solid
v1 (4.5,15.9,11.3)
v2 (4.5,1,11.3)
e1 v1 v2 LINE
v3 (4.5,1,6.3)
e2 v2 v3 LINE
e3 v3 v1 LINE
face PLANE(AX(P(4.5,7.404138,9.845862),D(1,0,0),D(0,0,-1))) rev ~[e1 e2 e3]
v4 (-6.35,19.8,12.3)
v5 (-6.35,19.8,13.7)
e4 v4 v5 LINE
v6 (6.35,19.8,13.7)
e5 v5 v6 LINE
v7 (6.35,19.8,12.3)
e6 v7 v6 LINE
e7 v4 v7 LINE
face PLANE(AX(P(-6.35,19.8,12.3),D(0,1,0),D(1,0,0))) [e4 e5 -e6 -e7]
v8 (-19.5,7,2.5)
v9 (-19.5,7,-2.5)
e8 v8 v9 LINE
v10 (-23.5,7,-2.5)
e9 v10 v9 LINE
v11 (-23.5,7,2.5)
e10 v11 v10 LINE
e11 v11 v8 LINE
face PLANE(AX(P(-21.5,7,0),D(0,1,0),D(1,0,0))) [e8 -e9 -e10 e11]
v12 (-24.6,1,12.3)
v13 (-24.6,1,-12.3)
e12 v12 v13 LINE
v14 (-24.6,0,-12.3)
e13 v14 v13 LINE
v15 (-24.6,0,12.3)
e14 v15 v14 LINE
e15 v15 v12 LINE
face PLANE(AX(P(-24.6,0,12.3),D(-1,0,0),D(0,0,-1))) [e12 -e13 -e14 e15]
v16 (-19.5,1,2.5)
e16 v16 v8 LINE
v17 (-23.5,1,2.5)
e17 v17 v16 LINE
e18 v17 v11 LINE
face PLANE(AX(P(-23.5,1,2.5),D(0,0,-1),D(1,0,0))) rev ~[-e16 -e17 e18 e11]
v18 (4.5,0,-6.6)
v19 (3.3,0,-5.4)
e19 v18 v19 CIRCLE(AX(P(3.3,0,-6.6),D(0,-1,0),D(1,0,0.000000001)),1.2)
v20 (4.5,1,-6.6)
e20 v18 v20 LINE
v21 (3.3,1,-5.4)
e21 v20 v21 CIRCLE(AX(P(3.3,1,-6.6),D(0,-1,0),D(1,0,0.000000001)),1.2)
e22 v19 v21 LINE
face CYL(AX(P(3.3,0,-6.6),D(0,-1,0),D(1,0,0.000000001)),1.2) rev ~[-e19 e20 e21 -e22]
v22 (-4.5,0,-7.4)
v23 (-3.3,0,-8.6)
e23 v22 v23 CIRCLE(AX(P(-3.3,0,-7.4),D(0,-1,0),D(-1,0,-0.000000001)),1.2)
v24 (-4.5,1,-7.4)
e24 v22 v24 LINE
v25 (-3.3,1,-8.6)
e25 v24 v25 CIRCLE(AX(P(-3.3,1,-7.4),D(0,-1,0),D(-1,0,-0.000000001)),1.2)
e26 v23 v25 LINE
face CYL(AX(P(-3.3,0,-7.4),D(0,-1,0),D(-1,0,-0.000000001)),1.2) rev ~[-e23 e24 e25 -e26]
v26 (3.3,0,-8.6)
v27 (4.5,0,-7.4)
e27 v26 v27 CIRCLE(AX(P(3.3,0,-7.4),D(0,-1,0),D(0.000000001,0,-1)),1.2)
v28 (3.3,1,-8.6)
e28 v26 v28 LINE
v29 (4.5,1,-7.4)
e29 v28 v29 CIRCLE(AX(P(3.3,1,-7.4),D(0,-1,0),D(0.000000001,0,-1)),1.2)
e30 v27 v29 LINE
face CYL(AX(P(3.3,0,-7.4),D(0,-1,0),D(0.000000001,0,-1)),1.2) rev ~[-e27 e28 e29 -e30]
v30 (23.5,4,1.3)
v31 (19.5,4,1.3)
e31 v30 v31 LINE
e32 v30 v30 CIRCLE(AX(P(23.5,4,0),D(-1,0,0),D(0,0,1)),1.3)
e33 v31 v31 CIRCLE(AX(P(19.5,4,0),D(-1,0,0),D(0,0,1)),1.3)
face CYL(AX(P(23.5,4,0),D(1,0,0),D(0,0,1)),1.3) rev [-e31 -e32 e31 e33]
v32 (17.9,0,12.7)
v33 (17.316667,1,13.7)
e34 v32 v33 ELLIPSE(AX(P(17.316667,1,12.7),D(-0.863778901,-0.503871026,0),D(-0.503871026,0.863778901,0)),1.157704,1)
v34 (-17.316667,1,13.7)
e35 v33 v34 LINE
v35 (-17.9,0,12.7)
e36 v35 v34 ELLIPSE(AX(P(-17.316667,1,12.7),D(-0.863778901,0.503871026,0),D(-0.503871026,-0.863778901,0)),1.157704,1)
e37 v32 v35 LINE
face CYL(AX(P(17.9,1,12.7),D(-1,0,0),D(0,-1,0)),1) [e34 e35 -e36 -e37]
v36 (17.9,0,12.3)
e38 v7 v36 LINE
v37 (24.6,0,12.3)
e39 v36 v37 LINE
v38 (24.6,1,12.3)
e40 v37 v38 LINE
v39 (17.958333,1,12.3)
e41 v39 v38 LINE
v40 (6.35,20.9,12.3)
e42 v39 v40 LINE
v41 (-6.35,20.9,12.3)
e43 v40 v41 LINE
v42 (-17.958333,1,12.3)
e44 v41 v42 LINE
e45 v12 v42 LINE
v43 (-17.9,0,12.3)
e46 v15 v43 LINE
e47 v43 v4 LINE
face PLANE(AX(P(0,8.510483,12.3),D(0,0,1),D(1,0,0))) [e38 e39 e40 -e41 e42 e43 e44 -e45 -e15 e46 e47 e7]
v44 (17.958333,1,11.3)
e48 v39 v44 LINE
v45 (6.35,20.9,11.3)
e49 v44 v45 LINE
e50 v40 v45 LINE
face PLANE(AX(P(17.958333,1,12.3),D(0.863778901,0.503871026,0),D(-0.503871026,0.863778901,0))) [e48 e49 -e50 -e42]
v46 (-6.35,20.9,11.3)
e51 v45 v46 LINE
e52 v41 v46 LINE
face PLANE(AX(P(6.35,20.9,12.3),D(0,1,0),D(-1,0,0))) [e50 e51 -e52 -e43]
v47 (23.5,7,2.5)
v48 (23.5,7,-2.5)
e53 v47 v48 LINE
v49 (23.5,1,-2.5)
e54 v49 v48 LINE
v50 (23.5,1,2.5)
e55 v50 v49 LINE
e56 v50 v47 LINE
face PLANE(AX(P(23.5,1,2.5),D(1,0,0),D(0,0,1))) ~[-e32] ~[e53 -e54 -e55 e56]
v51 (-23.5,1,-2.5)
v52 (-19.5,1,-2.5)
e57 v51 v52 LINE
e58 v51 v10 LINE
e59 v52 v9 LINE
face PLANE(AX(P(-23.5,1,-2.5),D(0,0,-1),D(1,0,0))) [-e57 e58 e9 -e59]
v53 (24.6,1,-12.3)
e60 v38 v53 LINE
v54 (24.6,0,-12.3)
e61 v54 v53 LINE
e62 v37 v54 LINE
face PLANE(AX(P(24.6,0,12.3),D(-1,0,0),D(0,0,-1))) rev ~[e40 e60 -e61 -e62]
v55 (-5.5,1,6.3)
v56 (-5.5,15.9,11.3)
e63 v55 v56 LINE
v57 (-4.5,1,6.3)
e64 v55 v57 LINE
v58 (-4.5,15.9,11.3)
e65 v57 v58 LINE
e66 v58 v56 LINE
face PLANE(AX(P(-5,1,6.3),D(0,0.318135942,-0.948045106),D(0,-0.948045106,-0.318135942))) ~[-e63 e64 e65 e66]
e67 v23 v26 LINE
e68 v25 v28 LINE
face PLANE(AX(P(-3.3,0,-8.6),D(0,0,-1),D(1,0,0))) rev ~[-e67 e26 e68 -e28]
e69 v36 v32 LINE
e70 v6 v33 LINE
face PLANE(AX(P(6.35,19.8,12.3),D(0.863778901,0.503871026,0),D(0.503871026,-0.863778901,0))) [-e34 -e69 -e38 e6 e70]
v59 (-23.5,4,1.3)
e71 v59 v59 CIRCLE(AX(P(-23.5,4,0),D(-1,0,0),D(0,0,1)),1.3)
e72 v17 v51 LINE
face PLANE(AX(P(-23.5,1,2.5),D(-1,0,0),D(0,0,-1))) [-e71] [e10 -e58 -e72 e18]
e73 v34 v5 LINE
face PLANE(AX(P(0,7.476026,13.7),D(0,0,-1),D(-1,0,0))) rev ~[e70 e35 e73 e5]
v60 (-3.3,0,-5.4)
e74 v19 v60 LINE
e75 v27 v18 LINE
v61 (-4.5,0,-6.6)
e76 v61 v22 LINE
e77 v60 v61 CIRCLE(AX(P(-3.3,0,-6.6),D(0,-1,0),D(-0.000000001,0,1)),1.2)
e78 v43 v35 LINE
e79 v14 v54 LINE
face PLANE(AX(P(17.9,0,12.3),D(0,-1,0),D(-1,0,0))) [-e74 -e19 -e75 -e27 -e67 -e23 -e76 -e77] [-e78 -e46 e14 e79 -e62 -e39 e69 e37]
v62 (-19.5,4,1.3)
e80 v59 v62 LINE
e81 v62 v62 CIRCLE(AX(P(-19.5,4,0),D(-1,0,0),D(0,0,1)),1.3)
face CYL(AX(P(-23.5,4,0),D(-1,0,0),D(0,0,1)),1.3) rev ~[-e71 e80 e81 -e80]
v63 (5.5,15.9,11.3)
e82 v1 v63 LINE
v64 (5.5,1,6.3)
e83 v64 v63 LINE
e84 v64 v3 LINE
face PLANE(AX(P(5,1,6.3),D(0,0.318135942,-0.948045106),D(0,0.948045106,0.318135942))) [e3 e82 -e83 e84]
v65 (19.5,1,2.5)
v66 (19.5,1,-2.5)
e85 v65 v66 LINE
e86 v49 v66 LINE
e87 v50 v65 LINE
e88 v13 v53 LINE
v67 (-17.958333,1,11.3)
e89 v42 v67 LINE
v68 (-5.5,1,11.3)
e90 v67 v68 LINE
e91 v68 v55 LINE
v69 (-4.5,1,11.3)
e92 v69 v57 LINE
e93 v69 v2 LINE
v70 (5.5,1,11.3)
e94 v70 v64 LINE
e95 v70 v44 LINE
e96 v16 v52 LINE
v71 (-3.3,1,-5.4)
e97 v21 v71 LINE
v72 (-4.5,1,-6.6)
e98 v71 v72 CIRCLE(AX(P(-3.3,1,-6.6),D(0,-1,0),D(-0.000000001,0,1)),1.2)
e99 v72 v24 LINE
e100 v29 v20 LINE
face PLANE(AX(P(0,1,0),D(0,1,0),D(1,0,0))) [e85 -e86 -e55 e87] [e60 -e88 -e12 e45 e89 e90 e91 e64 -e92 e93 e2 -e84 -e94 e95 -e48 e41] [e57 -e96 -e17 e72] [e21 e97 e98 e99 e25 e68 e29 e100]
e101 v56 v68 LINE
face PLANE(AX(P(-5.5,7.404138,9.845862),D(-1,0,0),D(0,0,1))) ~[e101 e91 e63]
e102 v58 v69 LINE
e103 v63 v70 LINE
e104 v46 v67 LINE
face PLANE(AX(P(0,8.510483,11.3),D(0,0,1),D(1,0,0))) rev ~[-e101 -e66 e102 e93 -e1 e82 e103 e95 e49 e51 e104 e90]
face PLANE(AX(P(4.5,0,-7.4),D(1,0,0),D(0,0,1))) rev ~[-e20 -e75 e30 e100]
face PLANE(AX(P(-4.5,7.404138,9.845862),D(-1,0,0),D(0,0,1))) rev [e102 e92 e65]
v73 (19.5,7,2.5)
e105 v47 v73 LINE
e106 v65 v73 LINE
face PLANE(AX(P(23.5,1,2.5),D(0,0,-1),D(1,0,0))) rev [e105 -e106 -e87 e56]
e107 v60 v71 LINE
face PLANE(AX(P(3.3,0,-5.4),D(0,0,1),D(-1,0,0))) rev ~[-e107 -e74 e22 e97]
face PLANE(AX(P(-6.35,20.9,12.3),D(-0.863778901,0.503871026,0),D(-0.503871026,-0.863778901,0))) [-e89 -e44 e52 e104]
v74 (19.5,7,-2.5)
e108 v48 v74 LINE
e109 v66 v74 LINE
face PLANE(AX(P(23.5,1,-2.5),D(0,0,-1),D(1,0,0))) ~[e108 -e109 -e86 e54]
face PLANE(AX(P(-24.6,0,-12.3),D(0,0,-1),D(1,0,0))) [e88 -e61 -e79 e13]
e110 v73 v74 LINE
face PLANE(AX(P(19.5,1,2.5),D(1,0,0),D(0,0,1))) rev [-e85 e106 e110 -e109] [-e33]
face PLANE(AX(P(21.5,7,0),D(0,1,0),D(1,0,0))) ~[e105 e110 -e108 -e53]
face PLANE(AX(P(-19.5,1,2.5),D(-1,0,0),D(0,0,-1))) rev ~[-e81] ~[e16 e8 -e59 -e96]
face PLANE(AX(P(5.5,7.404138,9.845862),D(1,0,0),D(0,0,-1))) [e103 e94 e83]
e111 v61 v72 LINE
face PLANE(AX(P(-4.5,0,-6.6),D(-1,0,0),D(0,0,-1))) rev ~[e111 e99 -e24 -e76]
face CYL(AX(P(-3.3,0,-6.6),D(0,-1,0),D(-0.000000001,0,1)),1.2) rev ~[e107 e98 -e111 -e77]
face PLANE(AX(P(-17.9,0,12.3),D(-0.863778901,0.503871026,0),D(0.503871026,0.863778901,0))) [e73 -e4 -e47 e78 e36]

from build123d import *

# Parameters (mm, degrees)
SKIZZE1_W                       = 49.2
SKIZZE1_H                       = 24.6
AUFSATZ_LINEAR_AUSTRAGEN1_DEPTH = 1
AUFSATZ_LINEAR_AUSTRAGEN2_DEPTH = 1.4
AUFSATZ_LINEAR_AUSTRAGEN3_DEPTH = 1
AUFSATZ_LINEAR_AUSTRAGEN4_DEPTH = 0.5
SKIZZE6_W                       = 4
SKIZZE6_H                       = 5
AUFSATZ_LINEAR_AUSTRAGEN5_DEPTH = 6
SKIZZE7_R                       = 1.3
SCHNITT_LINEAR_AUSTRAGEN1_DEPTH = 4
VERRUNDUNG1_R                   = 1
SCHNITT_LINEAR_AUSTRAGEN2_DEPTH = 1


with BuildPart() as part:
    # Skizze1 → Aufsatz-Linear austragen1 (new body)
    with BuildSketch(Plane(origin=(0, 0, 0), x_dir=(1, 0, 0), z_dir=(0, 1, 0))):
        Rectangle(SKIZZE1_W, SKIZZE1_H)
    extrude(amount=AUFSATZ_LINEAR_AUSTRAGEN1_DEPTH)

    # Skizze2 → Aufsatz-Linear austragen2 (add)
    with BuildSketch(Plane.XY.offset(12.3)):
        Polygon((17.9, 0), (-17.9, 0), (-6.35, 19.8), (6.35, 19.8), align=None)
    extrude(amount=AUFSATZ_LINEAR_AUSTRAGEN2_DEPTH)

    # Skizze4 → Aufsatz-Linear austragen3 (add)
    with BuildSketch(Plane(origin=(0, 0, 12.3), x_dir=(-1, 0, 0), z_dir=(0, 0, -1))):
        Polygon((6.35, 20.9), (17.958333333, 1), (-17.958333333, 1), (-6.35, 20.9), align=None)
    extrude(amount=AUFSATZ_LINEAR_AUSTRAGEN3_DEPTH)

    # Skizze5 → Aufsatz-Linear austragen4 (add, symmetric)
    with BuildSketch(Plane(origin=(5, 0, 0), x_dir=(0, 0, -1), z_dir=(1, 0, 0))):
        Polygon((-6.3, 1), (-11.3, 15.9), (-11.3, 1), align=None)
    aufsatz_linear_austragen4 = extrude(amount=AUFSATZ_LINEAR_AUSTRAGEN4_DEPTH, both=True)

    # Spiegeln1: Aufsatz-Linear austragen4 across plane
    add(aufsatz_linear_austragen4.mirror(Plane(origin=(0, 0, 0), x_dir=(0, 0, 1), z_dir=(1, 0, 0))))

    # Skizze6 → Aufsatz-Linear austragen5 (add)
    with BuildSketch(Plane(origin=(0, 1, 0), x_dir=(1, 0, 0), z_dir=(0, 1, 0))):
        with Locations((-21.5, 0)):
            Rectangle(SKIZZE6_W, SKIZZE6_H)
    aufsatz_linear_austragen5 = extrude(amount=AUFSATZ_LINEAR_AUSTRAGEN5_DEPTH)

    # Skizze7 → Schnitt-Linear austragen1 (cut)
    with BuildSketch(Plane.ZY.offset(23.5)):
        with Locations((0, 4)):
            Circle(SKIZZE7_R)
    schnitt_linear_austragen1 = extrude(amount=-SCHNITT_LINEAR_AUSTRAGEN1_DEPTH, mode=Mode.SUBTRACT)

    # Spiegeln2: Aufsatz-Linear austragen5, Schnitt-Linear austragen1 across plane
    add(aufsatz_linear_austragen5.mirror(Plane(origin=(0, 0, 0), x_dir=(0, 0, 1), z_dir=(1, 0, 0))))
    add(schnitt_linear_austragen1.mirror(Plane(origin=(0, 0, 0), x_dir=(0, 0, 1), z_dir=(1, 0, 0))), mode=Mode.SUBTRACT)

    # Verrundung1
    verrundung1_edges = [part.edges().sort_by_distance(p)[0] for p in [
        (0, 0, 13.7),
    ]]
    fillet(verrundung1_edges, radius=VERRUNDUNG1_R)

    # Skizze8 → Schnitt-Linear austragen2 (cut)
    with BuildSketch(Plane.XZ):
        with BuildLine():
            Line((3.3, -5.4), (-3.3, -5.4))
            ThreePointArc((-3.3, -5.4), (-4.148528137, -5.751471863), (-4.5, -6.6))
            Line((-4.5, -6.6), (-4.5, -7.4))
            ThreePointArc((-4.5, -7.4), (-4.148528137, -8.248528137), (-3.3, -8.6))
            Line((-3.3, -8.6), (3.3, -8.6))
            ThreePointArc((3.3, -8.6), (4.148528137, -8.248528137), (4.5, -7.4))
            Line((4.5, -7.4), (4.5, -6.6))
            ThreePointArc((4.5, -6.6), (4.148528137, -5.751471863), (3.3, -5.4))
        make_face()
    extrude(amount=-SCHNITT_LINEAR_AUSTRAGEN2_DEPTH, mode=Mode.SUBTRACT)


solid = part.part
